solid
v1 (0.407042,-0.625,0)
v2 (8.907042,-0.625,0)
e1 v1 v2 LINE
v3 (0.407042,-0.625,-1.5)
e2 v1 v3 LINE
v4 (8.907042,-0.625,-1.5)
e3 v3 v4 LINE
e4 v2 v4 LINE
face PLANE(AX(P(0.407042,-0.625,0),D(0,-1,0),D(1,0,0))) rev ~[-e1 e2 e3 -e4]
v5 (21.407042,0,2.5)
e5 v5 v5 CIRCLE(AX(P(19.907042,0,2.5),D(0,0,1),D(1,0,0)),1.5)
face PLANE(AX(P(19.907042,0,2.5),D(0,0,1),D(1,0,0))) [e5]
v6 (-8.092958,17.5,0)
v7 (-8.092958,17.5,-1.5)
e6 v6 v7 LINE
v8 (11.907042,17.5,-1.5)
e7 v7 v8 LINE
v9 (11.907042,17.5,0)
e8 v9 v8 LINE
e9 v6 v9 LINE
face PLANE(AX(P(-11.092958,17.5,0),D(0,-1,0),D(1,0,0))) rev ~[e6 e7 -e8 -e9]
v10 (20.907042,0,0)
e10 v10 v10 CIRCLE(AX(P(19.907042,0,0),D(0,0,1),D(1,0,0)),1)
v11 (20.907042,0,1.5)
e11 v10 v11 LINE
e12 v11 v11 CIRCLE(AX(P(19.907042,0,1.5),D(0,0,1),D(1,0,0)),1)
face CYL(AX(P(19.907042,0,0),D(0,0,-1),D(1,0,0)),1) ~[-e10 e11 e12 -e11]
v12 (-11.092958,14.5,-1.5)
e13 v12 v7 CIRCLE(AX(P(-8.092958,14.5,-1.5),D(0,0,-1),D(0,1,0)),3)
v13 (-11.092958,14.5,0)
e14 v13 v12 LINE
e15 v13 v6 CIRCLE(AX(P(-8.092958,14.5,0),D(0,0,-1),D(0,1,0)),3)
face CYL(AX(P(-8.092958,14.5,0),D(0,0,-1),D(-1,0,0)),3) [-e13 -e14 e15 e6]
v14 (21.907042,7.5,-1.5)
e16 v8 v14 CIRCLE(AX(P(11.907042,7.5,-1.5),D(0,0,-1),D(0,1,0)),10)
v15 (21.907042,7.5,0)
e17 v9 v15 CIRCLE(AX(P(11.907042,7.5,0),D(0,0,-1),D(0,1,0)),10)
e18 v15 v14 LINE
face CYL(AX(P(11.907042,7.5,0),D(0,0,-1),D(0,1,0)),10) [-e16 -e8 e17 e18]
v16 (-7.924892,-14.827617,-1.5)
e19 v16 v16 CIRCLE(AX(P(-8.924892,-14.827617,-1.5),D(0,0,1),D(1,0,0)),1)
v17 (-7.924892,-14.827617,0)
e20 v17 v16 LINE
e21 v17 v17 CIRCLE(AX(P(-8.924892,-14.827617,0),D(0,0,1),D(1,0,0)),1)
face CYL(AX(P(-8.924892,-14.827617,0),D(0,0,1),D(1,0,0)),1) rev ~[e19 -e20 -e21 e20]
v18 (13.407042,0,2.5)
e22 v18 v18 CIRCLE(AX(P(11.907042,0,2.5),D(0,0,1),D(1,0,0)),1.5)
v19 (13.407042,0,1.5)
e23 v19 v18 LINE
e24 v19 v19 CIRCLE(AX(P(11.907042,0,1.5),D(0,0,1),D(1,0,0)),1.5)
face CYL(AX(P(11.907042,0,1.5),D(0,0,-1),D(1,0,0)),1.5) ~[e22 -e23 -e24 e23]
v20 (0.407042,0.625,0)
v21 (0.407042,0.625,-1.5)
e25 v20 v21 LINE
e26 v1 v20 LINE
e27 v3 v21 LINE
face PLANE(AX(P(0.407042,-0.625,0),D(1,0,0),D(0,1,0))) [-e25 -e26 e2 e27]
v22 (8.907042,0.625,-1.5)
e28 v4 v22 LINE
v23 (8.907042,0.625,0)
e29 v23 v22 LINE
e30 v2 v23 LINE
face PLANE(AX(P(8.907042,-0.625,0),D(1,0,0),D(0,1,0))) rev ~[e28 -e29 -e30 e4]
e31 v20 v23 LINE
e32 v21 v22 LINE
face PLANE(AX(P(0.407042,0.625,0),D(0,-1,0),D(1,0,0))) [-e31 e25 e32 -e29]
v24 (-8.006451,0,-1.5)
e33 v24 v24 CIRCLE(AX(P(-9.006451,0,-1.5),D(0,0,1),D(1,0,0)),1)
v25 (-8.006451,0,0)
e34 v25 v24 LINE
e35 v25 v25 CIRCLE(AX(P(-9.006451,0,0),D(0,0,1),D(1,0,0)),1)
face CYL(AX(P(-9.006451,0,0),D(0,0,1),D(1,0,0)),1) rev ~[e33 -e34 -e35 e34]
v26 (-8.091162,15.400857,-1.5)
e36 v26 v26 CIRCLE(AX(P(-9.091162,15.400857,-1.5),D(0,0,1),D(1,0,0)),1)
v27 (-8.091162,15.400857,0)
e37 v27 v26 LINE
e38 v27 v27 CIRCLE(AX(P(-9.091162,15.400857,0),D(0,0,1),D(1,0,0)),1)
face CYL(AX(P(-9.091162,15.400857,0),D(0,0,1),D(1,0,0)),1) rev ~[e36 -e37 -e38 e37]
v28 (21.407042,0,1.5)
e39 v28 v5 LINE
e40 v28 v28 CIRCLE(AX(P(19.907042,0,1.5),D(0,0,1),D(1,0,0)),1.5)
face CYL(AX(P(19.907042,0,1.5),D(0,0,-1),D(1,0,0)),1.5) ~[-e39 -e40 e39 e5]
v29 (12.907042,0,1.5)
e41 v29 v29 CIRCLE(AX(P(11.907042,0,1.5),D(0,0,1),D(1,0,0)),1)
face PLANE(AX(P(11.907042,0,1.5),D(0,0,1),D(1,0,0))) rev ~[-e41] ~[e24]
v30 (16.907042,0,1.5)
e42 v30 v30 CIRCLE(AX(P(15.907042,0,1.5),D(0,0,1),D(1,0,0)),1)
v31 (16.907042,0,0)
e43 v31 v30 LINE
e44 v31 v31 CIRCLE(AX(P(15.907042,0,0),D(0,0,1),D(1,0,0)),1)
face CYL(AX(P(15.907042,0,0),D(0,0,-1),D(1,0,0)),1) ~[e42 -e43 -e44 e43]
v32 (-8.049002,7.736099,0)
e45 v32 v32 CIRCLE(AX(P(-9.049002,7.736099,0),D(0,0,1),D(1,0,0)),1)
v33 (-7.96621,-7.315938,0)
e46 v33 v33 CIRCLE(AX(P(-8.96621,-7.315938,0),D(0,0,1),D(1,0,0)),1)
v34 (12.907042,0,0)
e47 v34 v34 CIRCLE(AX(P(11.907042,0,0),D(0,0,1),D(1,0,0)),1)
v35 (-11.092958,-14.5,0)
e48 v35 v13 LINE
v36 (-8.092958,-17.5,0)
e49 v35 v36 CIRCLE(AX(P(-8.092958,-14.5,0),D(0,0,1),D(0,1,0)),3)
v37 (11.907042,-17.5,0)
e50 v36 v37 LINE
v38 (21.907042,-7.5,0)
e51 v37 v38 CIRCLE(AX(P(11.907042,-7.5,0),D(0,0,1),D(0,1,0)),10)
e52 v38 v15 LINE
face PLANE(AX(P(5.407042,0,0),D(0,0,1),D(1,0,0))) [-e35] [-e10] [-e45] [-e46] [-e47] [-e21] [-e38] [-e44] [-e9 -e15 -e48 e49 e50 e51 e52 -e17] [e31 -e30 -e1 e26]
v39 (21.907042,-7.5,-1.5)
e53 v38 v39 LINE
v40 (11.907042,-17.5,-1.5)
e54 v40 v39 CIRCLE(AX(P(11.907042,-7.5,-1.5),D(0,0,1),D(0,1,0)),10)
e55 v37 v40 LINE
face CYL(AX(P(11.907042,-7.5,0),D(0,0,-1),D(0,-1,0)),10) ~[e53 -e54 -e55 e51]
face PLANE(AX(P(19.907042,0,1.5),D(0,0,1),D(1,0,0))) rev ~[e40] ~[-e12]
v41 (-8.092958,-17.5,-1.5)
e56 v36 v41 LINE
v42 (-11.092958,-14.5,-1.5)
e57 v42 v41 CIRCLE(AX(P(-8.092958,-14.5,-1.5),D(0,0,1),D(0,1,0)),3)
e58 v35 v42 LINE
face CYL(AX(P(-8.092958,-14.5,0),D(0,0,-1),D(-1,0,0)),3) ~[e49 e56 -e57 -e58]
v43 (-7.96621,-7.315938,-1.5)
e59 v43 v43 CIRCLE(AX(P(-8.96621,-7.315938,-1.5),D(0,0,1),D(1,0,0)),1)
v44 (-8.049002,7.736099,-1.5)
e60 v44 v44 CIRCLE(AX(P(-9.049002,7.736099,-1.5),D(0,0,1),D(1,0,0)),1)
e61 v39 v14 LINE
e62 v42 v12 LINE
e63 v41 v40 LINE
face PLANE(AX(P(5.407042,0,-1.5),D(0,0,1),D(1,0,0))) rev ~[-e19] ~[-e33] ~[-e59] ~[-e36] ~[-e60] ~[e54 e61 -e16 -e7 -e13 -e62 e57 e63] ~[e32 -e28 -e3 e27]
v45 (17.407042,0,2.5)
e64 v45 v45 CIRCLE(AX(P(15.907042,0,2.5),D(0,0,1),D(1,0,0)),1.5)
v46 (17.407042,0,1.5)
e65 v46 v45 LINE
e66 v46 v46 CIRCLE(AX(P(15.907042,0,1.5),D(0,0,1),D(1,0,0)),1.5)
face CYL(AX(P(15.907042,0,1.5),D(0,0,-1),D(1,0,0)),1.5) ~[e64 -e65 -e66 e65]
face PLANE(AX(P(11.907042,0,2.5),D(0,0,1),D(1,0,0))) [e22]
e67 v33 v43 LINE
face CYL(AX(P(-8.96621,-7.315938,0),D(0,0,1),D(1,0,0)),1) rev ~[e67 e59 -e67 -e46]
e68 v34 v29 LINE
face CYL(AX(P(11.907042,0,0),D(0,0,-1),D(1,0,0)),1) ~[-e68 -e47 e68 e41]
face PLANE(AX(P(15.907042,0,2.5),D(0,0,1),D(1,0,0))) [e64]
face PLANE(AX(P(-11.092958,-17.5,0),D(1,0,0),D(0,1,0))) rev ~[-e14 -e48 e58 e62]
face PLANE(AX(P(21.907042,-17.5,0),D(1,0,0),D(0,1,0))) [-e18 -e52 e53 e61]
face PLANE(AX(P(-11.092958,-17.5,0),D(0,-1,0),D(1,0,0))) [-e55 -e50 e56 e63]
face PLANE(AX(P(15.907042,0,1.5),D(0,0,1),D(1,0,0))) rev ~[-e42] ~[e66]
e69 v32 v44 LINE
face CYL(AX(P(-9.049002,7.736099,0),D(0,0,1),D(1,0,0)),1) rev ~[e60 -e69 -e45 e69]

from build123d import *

# Parameters (mm, degrees)
F0_W      = 33
F0_H      = 35
F0_W_2    = 8.5
F0_H_2    = 1.25
F1_DEPTH  = 1.5
F2_R      = 1
F3_DEPTH  = 1.5
F4_R      = 3
F5_R      = 10
F6_R      = 1
F7_DEPTH  = 1.5
F8_R      = 1.5
F8_R_2    = 1
F9_DEPTH  = 1
F10_R     = 1.5
F10_R_2   = 1
F11_DEPTH = 1
F12_R     = 1.5
F12_R_2   = 1
F13_DEPTH = 1


with BuildPart() as f1:
    # F0 (on Top) → F1 (new body)
    with BuildSketch(Plane.XY):
        with Locations((5.4070419595, 0)):
            Rectangle(F0_W, F0_H)
        with Locations((4.6570419595, 0)):
            Rectangle(F0_W_2, F0_H_2, mode=Mode.SUBTRACT)
    extrude(amount=-F1_DEPTH)

    # F2 (on face) → F3 (cut)
    with BuildSketch(Plane.XY):
        with Locations((-9.0911619139, 15.4008569585)):
            Circle(F2_R)
        with Locations((-9.0490024113, 7.7360985084)):
            Circle(F2_R)
        with Locations((-9.0064505073, 0)):
            Circle(F2_R)
        with Locations((-8.9662096661, -7.3159384689)):
            Circle(F2_R)
        with Locations((-8.9248921722, -14.8276165128)):
            Circle(F2_R)
    extrude(amount=-F3_DEPTH, mode=Mode.SUBTRACT)

    # F4
    f4_edges = [f1.edges().sort_by_distance(p)[0] for p in [
        (-11.092958, -17.5, -0.75),
        (-11.092958, 17.5, -0.75),
    ]]
    fillet(f4_edges, radius=F4_R)

    # F5
    f5_edges = [f1.edges().sort_by_distance(p)[0] for p in [
        (21.907042, 17.5, -0.75),
        (21.907042, -17.5, -0.75),
    ]]
    fillet(f5_edges, radius=F5_R)

    # F6 (on face) → F7 (join)
    with BuildSketch(Plane.XY):
        with Locations((11.9070419595, 0)):
            Circle(F6_R)
        with Locations((15.9070419595, 0)):
            Circle(F6_R)
        with Locations((19.9070419595, 0)):
            Circle(F6_R)
    extrude(amount=F7_DEPTH)

    # F8 (on face) → F9 (join)
    with BuildSketch(Plane.XY.offset(1.5)):
        with Locations((11.9070419595, 0)):
            Circle(F8_R)
        with Locations((11.9070419595, 0)):
            Circle(F8_R_2, mode=Mode.SUBTRACT)
        with Locations((11.9070419595, 0)):
            Circle(F8_R_2)
    extrude(amount=F9_DEPTH)

    # F10 (on face) → F11 (join)
    with BuildSketch(Plane.XY.offset(1.5)):
        with Locations((15.9070419595, 0)):
            Circle(F10_R)
        with Locations((15.9070419595, 0)):
            Circle(F10_R_2, mode=Mode.SUBTRACT)
        with Locations((15.9070419595, 0)):
            Circle(F10_R_2)
    extrude(amount=F11_DEPTH)

    # F12 (on face) → F13 (join)
    with BuildSketch(Plane.XY.offset(1.5)):
        with Locations((19.9070419595, 0)):
            Circle(F12_R)
        with Locations((19.9070419595, 0)):
            Circle(F12_R_2, mode=Mode.SUBTRACT)
        with Locations((19.9070419595, 0)):
            Circle(F12_R_2)
    extrude(amount=F13_DEPTH)


solid = f1.part
